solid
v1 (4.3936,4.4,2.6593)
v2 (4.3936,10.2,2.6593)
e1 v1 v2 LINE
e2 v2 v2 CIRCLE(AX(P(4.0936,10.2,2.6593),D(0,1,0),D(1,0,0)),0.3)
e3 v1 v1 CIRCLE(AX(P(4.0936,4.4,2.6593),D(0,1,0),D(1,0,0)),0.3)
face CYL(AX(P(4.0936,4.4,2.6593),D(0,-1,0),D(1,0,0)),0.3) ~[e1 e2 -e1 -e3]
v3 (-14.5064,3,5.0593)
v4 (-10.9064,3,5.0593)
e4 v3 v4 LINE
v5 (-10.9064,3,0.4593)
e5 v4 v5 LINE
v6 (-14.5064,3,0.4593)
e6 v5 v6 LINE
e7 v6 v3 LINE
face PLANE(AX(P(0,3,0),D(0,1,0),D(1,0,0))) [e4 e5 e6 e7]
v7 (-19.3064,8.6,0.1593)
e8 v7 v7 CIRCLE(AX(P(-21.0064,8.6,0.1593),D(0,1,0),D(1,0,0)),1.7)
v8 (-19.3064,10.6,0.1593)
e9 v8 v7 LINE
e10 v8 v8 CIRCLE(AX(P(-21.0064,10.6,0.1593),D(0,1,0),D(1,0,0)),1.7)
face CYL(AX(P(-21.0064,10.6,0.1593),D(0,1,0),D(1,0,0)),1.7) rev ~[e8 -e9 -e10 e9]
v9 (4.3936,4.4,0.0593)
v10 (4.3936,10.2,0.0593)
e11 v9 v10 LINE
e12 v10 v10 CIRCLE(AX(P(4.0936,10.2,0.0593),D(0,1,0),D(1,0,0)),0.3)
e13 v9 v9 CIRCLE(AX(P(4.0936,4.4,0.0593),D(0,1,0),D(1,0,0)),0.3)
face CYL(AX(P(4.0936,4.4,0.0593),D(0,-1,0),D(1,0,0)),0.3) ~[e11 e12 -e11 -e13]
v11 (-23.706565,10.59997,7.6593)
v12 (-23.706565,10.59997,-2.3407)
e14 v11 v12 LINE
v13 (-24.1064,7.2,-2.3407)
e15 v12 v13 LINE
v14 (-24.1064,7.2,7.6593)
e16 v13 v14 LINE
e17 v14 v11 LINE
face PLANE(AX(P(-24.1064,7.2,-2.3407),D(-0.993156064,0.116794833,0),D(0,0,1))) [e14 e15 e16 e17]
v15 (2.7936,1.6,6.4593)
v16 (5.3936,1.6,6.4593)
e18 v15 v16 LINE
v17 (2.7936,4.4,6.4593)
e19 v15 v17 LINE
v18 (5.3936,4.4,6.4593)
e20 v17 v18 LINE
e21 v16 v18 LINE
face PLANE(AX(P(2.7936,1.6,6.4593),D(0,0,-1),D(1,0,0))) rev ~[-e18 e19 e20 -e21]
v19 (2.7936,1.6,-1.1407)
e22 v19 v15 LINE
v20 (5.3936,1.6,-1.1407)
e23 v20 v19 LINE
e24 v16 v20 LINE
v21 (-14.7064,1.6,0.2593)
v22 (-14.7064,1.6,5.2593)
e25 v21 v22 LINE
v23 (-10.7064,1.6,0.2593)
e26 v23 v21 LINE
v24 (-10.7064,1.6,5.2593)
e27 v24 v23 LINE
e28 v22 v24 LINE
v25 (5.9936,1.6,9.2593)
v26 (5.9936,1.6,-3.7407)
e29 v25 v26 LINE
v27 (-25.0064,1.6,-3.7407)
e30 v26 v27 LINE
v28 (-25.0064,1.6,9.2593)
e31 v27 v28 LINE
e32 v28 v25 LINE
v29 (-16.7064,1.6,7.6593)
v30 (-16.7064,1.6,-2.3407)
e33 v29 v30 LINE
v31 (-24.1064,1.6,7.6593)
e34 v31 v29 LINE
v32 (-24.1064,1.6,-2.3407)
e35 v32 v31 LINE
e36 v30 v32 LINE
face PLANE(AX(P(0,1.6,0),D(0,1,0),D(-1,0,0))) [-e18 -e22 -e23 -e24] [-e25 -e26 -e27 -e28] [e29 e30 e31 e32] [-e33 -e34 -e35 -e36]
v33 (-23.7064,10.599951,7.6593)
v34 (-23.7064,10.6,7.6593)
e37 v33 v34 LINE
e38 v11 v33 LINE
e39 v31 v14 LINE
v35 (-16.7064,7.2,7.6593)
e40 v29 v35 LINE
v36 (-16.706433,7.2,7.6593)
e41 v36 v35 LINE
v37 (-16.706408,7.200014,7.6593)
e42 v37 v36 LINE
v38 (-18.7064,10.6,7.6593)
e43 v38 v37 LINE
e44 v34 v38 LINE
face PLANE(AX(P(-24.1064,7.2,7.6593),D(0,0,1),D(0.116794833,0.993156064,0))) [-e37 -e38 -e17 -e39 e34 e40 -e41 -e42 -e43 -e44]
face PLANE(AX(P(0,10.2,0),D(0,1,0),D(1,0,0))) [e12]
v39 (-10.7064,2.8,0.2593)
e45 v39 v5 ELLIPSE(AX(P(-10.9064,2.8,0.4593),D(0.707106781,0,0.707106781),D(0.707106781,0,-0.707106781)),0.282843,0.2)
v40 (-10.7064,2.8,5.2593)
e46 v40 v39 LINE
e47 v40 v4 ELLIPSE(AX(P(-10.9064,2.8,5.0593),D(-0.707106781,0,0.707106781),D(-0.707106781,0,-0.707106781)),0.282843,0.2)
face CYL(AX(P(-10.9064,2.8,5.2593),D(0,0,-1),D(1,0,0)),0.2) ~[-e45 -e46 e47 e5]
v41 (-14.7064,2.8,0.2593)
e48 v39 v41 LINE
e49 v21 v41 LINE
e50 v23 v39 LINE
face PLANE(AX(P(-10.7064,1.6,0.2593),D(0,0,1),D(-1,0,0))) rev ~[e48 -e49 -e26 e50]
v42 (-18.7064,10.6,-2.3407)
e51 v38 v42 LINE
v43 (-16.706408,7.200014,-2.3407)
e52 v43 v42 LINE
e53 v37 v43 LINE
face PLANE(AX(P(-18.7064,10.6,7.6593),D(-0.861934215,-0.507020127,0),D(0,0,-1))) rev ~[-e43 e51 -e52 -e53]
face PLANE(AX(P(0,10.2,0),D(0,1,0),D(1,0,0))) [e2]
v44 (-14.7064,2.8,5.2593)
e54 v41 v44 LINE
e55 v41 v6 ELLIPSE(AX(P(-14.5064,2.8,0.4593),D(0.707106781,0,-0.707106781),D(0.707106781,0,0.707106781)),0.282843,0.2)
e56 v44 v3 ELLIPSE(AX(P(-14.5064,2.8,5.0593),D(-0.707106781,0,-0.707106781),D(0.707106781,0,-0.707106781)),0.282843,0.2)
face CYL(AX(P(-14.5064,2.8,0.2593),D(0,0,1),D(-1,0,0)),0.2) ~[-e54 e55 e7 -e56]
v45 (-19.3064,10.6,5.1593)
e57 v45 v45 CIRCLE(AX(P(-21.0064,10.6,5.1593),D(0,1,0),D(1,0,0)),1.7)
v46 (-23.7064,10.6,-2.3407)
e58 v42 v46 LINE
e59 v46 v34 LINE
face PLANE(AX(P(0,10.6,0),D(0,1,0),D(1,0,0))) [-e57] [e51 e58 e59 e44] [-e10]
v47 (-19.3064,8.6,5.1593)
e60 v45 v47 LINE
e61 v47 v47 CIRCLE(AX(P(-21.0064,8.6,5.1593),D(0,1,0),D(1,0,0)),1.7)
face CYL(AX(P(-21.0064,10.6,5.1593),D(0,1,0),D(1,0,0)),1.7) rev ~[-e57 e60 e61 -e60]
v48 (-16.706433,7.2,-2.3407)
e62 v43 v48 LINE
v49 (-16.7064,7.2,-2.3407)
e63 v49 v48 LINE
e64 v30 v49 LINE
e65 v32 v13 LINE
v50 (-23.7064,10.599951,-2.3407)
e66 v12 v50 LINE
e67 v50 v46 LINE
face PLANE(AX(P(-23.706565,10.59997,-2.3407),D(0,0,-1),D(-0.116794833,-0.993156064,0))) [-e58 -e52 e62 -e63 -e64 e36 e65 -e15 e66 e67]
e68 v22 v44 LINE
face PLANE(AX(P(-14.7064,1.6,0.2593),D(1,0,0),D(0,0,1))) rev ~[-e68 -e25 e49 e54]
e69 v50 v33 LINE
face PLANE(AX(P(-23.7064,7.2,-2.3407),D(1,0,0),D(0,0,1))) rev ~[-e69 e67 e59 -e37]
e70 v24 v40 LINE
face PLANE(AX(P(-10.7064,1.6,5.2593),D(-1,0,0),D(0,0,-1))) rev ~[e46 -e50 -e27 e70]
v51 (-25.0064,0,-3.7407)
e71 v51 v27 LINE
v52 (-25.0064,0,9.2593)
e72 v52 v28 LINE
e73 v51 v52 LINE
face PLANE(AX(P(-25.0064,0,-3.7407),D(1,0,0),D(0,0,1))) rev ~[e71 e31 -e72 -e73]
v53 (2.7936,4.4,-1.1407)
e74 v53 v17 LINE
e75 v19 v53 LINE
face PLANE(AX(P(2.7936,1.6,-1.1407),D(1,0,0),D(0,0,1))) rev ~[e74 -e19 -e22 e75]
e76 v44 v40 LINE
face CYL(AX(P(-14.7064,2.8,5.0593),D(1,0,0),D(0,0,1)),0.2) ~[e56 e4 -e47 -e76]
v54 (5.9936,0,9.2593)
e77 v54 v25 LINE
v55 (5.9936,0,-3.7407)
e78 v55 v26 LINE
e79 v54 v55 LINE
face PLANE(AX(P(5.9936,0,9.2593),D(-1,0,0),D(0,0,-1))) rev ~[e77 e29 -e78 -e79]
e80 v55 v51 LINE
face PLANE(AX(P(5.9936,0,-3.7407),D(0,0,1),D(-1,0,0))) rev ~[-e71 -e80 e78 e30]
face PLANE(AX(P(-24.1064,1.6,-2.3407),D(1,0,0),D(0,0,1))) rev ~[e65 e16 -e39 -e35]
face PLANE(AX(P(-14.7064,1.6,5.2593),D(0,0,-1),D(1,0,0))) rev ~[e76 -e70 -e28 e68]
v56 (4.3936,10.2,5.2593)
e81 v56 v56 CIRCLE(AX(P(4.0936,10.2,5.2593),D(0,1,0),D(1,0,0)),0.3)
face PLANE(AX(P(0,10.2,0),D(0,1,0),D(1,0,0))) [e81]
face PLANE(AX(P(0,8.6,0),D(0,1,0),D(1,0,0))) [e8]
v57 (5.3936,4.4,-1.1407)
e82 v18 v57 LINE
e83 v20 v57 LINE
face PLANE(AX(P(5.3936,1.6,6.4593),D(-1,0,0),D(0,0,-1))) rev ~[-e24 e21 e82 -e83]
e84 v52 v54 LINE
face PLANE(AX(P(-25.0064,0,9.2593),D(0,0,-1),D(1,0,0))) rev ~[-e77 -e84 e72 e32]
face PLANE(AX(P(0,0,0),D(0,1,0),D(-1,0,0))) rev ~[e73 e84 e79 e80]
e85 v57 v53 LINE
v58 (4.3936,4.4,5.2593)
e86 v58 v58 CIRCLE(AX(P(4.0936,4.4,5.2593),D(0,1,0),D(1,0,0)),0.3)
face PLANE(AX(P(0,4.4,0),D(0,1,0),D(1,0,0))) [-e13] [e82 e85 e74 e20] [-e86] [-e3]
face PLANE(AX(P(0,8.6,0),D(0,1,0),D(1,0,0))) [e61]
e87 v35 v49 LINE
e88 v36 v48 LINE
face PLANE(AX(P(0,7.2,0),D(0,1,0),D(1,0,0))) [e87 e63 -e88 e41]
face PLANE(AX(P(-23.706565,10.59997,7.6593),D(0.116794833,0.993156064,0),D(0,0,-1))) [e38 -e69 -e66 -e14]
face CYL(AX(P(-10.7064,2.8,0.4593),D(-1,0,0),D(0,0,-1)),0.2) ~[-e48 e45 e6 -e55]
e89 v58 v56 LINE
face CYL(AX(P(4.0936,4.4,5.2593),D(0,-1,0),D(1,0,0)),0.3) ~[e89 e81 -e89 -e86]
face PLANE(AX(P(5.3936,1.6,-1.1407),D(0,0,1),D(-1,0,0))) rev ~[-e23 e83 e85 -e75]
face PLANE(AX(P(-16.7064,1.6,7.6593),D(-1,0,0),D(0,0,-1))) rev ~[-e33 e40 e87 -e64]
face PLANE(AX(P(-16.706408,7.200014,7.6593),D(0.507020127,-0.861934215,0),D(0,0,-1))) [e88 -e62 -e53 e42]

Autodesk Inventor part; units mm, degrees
ref_plane "YZ Plane" through (0, 0, 0) normal (1, 0, 0) x (0, 1, 0)
ref_plane "XZ Plane" through (0, 0, 0) normal (0, 1, 0) x (-1, 0, 0)
ref_plane "XY Plane" through (0, 0, 0) normal (0, 0, 1) x (1, 0, 0)
sketch "Sketch1" plane through (0, 0, 0) normal (0, 1, 0) x (-1, 0, 0)
  line L0 (25.0064, 9.2593) -> (-5.9936, 9.2593)
  line L1 (-5.9936, 9.2593) -> (-5.9936, -3.7407)
  line L2 (-5.9936, -3.7407) -> (25.0064, -3.7407)
  line L3 (25.0064, -3.7407) -> (25.0064, 9.2593)
  point P0 (0, 0)
  dimension "d0" = 31
  dimension "d1" = 13
extrude "Extrusion1" add sketch "Sketch1" along normal blind 1.6
sketch "Sketch2" plane through (0, 1.6, 0) normal (0, 1, 0) x (1, 0, 0)
  line L0 (5.9936, -9.2593) -> (5.9936, 3.7407) projected
  line L1 (5.9936, 3.7407) -> (-25.0064, 3.7407) projected
  line L2 (5.3936, -6.4593) -> (5.3936, 1.1407)
  line L3 (5.3936, 1.1407) -> (2.7936, 1.1407)
  line L4 (2.7936, 1.1407) -> (2.7936, -6.4593)
  line L5 (2.7936, -6.4593) -> (5.3936, -6.4593)
  point P0 (0, 0)
  point P1 (5.9936, 1.1407)
  point P2 (5.9936, -6.4593)
  dimension "d9" = 2.6
  dimension "d10" = 7.6
  dimension "d12" = 2.6
  dimension "d13" = 0.6
extrude "Extrusion2" add sketch "Sketch2" along normal blind 2.8
sketch "Sketch3" plane through (0, 4.4, 0) normal (0, 1, 0) x (1, 0, 0)
  circle A0 centre (4.0936, -5.2593) radius 0.3
  circle A1 centre (4.0936, -2.6593) radius 0.3
  circle A2 centre (4.0936, -0.0593) radius 0.3
  line L0 (5.3936, -6.4593) -> (5.3936, 1.1407) projected
  line L1 (2.7936, -6.4593) -> (5.3936, -6.4593) projected
  point P0 (0, 0)
  dimension "d14" = 0.6
  dimension "d15" = 0.6
  dimension "d16" = 0.6
  dimension "d17" = 1.3
  dimension "d18" = 1.3
  dimension "d19" = 1.3
  dimension "d20" = 2
  dimension "d21" = 2
  dimension "d22" = 1.2
extrude "Extrusion3" add sketch "Sketch3" along normal blind 5.8
sketch "Sketch4" plane through (0, 1.6, 0) normal (0, 1, 0) x (1, 0, 0)
  line L0 (-24.1064, -7.6593) -> (-16.7064, -7.6593)
  line L1 (-16.7064, -7.6593) -> (-16.7064, 2.3407)
  line L2 (-16.7064, 2.3407) -> (-24.1064, 2.3407)
  line L3 (-24.1064, 2.3407) -> (-24.1064, -7.6593)
  line L4 (-25.0064, 3.7407) -> (-25.0064, -9.2593) projected
  line L5 (-25.0064, -9.2593) -> (5.9936, -9.2593) projected
  point P0 (0, 0)
  dimension "d25" = 7.4
  dimension "d26" = 10
  dimension "d27" = 0.9
  dimension "d28" = 1.6
extrude "Extrusion4" add sketch "Sketch4" along normal blind 5.6
sketch "Sketch5" plane through (0, 7.2, 0) normal (0, 1, 0) x (1, 0, 0)
  line L0 (-23.7064, -7.6593) -> (-18.7064, -7.6593)
  line L1 (-18.7064, -7.6593) -> (-18.7064, 2.3407)
  line L2 (-18.7064, 2.3407) -> (-23.7064, 2.3407)
  line L3 (-23.7064, 2.3407) -> (-23.7064, -7.6593)
  line L4 (-24.1064, -7.6593) -> (-16.7064, -7.6593) projected
  line L5 (-24.1064, 2.3407) -> (-16.7064, 2.3407) projected
  line L6 (-16.7064, -7.6593) -> (-16.7064, 2.3407) projected
  point P0 (0, 0)
  dimension "d31" = 5
  dimension "d32" = 0
  dimension "d33" = 0
  dimension "d34" = 2
extrude "Extrusion5" add sketch "Sketch5" along normal blind 3.4 contours L3 L2 L1 L0
ref_plane "Work Plane1" through (-24.1064, 7.2, -2.3407) normal (-0.9932, 0.1168, 0) x (0, 0, 1)
sketch "Sketch6" plane through (-24.1064, 7.2, -2.3407) normal (-0.9932, 0.1168, 0) x (0, 0, 1)
  line L0 (0, 3.4234) -> (0, 0)
  line L1 (0, 0) -> (10, 0) projected
  line L2 (0, 0) -> (10, 0)
  line L3 (10, 0) -> (10, 3.4234)
  line L4 (10, 3.4234) -> (0, 3.4234)
  line L5 (0, 3.4234) -> (10, 3.4234) projected
  point P0 (2.3407, -4.3341)
extrude "Extrusion6" add sketch "Sketch6" against normal blind 1
ref_plane "Work Plane2" through (-18.7064, 10.6, 7.6593) normal (-0.8619, -0.507, 0) x (0, 0, -1)
sketch "Sketch7" plane through (-18.7064, 10.6, 7.6593) normal (-0.8619, -0.507, 0) x (0, 0, -1)
  line L0 (0, 0) -> (0, 3.9446)
  line L1 (0, 3.9446) -> (10, 3.9446)
  line L2 (0, 3.9446) -> (10, 3.9446) projected
  line L3 (10, 3.9446) -> (10, 0)
  line L4 (10, 0) -> (0, 0)
  point P0 (7.6593, 18.621)
extrude "Extrusion7" add sketch "Sketch7" along normal blind 2
sketch "Sketch8" plane through (0, 10.6, 0) normal (0, 1, 0) x (1, 0, 0)
  circle A0 centre (-21.0064, -0.1593) radius 1.7
  circle A1 centre (-21.0064, -5.1593) radius 1.7
  line L0 (-18.7064, 2.3407) -> (-23.7064, 2.3407) projected
  line L1 (-23.7064, 2.3407) -> (-23.7064, -7.6593) projected
  point P0 (0, 0)
  dimension "d41" = 3.4
  dimension "d42" = 3.4
  dimension "d43" = 2.5
  dimension "d44" = 5
  dimension "d45" = 2.7
  dimension "d46" = 2.7
extrude "Extrusion8" cut sketch "Sketch8" against normal blind 2
sketch "Sketch9" plane through (0, 1.6, 0) normal (0, 1, 0) x (1, 0, 0)
  line L0 (-14.7064, -5.2593) -> (-10.7064, -5.2593)
  line L1 (-10.7064, -5.2593) -> (-10.7064, -0.2593)
  line L2 (-10.7064, -0.2593) -> (-14.7064, -0.2593)
  line L3 (-14.7064, -0.2593) -> (-14.7064, -5.2593)
  line L4 (-16.7064, -7.6593) -> (-16.7064, 2.3407) projected
  line L5 (5.9936, 3.7407) -> (-25.0064, 3.7407) projected
  point P0 (0, 0)
  dimension "d49" = 4
  dimension "d50" = 5
  dimension "d51" = 2
  dimension "d52" = 4
extrude "Extrusion9" add sketch "Sketch9" along normal blind 1.4
fillet "Fillet1" radius 0.2 4 edges at (-10.7064, 3, 2.7593) (-12.7064, 3, 5.2593) (-14.7064, 3, 2.7593) (-12.7064, 3, 0.2593)
equation "\"d18\" = d17"
equation "\"d19\" = d17"
equation "\"d46\" = d45"
properties part number "ACS712(prudovy snimac)"
